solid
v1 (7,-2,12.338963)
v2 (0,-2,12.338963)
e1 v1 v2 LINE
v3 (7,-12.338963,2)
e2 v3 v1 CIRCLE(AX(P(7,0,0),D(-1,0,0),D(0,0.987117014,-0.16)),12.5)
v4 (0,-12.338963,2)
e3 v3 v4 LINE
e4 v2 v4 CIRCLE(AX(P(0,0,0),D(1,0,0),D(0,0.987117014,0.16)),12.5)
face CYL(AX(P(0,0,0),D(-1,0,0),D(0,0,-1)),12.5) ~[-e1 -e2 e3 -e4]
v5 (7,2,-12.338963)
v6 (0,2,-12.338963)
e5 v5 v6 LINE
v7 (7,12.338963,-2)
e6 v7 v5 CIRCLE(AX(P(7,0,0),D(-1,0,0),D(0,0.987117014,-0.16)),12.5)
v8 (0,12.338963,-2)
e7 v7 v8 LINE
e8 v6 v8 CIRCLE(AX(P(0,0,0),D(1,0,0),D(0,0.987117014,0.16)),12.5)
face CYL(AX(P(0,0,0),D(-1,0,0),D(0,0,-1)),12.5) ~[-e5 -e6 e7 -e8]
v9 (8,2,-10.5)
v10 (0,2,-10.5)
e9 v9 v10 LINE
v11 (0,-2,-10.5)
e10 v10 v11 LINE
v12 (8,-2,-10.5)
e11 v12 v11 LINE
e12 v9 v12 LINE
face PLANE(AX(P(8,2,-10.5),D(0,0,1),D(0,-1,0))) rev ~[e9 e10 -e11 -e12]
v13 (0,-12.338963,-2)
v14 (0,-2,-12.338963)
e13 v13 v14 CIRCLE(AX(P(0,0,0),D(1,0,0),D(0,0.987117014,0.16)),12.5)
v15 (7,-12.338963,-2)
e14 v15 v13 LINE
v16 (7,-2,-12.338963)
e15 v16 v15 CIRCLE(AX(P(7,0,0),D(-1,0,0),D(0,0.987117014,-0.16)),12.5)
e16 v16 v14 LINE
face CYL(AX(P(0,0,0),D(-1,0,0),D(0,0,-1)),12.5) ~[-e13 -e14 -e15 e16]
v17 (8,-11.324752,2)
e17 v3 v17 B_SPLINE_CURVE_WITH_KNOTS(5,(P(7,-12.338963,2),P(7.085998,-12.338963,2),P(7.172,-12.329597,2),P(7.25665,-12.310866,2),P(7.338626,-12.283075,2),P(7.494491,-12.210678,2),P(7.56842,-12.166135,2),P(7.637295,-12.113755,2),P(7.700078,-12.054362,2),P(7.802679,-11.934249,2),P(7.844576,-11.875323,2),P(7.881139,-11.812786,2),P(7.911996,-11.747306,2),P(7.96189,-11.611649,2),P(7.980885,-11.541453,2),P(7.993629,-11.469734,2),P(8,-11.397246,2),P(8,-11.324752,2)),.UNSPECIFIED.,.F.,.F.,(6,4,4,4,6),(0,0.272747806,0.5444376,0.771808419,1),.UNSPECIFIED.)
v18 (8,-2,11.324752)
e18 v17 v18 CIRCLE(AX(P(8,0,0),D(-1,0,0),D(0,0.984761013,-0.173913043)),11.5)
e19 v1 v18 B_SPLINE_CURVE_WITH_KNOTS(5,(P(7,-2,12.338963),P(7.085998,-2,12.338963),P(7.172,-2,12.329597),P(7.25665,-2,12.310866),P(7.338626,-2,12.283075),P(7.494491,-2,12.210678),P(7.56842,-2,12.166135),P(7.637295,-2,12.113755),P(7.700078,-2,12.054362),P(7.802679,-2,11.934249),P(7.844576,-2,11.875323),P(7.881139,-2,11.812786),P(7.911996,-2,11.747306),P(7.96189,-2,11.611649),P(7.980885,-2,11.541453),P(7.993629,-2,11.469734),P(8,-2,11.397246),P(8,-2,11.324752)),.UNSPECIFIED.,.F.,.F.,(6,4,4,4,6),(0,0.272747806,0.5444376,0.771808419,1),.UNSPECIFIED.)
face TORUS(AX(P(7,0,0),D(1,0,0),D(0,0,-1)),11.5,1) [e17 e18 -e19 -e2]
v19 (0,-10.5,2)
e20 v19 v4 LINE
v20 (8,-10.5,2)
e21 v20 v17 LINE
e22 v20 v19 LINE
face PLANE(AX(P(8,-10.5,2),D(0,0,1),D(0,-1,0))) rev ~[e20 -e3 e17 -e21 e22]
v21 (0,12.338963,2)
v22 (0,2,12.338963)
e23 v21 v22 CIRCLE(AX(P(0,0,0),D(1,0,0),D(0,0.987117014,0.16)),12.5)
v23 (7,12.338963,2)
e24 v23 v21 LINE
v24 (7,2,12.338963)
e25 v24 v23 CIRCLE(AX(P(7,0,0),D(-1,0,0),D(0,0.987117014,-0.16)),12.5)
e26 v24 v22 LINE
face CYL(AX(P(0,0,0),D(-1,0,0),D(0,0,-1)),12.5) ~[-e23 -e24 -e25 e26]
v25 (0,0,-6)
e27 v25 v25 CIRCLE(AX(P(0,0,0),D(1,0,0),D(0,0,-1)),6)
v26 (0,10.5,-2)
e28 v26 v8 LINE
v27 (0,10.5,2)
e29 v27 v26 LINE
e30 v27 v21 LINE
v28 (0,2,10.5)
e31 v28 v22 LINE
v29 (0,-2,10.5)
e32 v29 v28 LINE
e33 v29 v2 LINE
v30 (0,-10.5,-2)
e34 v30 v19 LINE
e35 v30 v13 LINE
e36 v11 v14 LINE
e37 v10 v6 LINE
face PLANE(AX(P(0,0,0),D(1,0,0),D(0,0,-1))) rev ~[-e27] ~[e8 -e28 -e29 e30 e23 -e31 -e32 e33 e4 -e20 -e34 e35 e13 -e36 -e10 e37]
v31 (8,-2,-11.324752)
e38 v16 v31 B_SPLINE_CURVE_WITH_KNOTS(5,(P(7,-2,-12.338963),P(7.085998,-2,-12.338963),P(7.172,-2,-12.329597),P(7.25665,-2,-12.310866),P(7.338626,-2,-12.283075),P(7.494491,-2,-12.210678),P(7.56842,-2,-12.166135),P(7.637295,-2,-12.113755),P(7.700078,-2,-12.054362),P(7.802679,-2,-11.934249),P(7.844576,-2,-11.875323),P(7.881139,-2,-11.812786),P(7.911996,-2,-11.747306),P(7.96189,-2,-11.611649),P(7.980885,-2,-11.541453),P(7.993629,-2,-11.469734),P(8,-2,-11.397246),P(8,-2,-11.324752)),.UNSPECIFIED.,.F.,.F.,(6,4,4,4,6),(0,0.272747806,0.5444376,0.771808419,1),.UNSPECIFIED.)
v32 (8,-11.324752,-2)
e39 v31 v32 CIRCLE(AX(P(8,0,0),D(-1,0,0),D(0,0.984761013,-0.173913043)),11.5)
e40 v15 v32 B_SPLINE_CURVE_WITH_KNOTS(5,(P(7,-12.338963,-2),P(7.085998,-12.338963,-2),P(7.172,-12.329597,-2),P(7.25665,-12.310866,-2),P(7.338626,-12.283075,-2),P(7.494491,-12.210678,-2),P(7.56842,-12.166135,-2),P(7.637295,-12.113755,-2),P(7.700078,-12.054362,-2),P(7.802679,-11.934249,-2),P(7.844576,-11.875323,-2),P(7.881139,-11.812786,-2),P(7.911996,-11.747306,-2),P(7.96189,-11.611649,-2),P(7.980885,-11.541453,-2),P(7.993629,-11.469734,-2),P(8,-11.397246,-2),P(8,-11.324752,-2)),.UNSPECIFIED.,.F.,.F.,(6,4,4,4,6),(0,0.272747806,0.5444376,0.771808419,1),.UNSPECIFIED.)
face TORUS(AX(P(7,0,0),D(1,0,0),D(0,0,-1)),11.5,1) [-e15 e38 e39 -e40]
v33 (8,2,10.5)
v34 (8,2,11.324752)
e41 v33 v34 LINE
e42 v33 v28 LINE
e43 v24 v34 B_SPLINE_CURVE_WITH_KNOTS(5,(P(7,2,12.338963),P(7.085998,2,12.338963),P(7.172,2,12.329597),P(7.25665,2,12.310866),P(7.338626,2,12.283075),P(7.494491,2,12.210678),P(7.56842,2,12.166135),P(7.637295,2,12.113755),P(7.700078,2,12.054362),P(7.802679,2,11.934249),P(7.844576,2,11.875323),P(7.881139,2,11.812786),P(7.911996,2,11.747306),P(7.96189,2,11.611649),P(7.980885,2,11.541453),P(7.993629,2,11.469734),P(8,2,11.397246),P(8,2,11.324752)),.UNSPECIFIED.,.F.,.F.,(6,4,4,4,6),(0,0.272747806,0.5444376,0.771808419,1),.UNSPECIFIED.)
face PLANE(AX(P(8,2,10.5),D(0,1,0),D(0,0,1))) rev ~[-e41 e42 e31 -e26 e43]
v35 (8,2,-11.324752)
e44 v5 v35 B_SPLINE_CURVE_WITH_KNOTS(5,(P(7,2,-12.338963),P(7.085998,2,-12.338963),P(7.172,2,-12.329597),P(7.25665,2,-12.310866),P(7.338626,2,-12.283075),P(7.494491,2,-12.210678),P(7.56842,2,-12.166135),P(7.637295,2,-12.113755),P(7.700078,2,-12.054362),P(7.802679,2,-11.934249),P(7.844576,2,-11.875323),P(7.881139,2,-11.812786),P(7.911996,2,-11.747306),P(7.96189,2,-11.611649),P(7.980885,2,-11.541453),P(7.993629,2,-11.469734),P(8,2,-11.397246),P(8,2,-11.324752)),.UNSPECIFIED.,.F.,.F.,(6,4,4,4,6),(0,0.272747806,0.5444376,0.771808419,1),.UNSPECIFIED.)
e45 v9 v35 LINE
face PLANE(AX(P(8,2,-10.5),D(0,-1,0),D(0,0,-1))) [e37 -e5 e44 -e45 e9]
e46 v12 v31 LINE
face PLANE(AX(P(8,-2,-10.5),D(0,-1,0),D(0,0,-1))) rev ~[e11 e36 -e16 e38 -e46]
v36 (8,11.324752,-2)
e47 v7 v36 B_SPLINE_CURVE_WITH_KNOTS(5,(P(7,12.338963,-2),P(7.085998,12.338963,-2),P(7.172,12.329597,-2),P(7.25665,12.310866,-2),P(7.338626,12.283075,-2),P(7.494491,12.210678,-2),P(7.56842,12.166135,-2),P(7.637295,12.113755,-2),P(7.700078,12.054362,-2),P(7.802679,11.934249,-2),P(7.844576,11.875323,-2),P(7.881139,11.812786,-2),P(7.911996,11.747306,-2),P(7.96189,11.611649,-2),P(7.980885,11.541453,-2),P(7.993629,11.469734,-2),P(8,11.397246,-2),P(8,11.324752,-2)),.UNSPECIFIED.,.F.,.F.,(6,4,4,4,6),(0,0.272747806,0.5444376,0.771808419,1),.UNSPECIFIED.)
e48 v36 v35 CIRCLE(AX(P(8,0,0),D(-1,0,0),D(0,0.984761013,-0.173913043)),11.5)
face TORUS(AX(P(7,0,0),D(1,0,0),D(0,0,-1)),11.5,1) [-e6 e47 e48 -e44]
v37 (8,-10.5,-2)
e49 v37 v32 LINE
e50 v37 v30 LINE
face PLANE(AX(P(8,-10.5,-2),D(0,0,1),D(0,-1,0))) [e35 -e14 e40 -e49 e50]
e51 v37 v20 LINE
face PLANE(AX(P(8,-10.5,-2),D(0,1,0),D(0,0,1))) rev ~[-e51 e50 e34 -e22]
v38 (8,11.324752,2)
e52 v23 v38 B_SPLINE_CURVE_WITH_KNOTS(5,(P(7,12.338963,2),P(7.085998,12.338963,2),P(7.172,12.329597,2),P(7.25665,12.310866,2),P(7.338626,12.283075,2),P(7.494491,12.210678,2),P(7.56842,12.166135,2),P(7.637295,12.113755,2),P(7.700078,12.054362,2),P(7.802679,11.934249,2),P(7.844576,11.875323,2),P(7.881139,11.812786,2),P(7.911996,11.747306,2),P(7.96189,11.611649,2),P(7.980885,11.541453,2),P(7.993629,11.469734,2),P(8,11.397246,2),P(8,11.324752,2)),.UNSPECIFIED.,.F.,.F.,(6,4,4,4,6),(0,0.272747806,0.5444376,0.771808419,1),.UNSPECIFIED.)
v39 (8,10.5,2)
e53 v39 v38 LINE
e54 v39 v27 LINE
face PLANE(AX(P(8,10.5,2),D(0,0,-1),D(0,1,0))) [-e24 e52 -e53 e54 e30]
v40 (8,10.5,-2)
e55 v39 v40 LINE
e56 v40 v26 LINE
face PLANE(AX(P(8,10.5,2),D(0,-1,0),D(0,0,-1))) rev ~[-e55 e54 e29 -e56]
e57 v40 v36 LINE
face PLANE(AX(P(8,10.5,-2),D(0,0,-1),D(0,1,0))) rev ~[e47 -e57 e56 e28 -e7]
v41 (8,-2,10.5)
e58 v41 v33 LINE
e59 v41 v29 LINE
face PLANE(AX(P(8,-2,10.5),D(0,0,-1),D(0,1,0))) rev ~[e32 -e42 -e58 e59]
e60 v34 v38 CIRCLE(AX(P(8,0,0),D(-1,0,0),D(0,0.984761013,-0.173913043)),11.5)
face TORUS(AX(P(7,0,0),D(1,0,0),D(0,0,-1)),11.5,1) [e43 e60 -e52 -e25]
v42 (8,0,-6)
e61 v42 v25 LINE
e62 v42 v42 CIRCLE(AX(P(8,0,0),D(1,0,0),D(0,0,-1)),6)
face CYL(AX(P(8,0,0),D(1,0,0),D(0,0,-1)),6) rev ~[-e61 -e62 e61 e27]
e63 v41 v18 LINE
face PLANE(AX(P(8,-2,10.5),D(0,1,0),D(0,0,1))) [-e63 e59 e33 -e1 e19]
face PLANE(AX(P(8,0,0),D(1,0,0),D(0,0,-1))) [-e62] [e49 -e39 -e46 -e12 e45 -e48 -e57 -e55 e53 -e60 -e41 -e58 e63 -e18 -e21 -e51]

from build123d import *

# Parameters (mm, degrees)
SKETCH1_R           = 12.5
BOSS_EXTRUDE1_DEPTH = 8
SKETCH2_R           = 6
CUT_EXTRUDE1_DEPTH  = 9
FILLET1_R           = 1
SKETCH3_W           = 4
SKETCH3_H           = 4
CUT_EXTRUDE2_DEPTH  = 9
CIRPATTERN1_COUNT   = 4


with BuildPart() as part:
    # Sketch1 → Boss-Extrude1 (new body)
    with BuildSketch(Plane(origin=(0, 0, 0), x_dir=(0, 0, -1), z_dir=(1, 0, 0))):
        Circle(SKETCH1_R)
    extrude(amount=BOSS_EXTRUDE1_DEPTH)

    # Sketch2 → Cut-Extrude1 (cut, through all)
    with BuildSketch(Plane(origin=(8, 0, 0), x_dir=(0, 0, -1), z_dir=(1, 0, 0))):
        Circle(SKETCH2_R)
    extrude(amount=-CUT_EXTRUDE1_DEPTH, mode=Mode.SUBTRACT)

    # Fillet1
    fillet1_edges = [part.edges().sort_by_distance(p)[0] for p in [
        (8, 0, 12.5),
    ]]
    fillet(fillet1_edges, radius=FILLET1_R)

    # Sketch3 → Cut-Extrude2 (cut, through all)
    with BuildSketch(Plane(origin=(8, 0, 0), x_dir=(0, 0, -1), z_dir=(1, 0, 0))):
        with Locations((0, 12.5)):
            Rectangle(SKETCH3_W, SKETCH3_H)
    cut_extrude2 = extrude(amount=-CUT_EXTRUDE2_DEPTH, mode=Mode.SUBTRACT)

    # CirPattern1: Cut-Extrude2 ×4 about axis
    cirpattern1_axis = Axis((0, 0, 0), (1, 0, 0))
    for i in range(1, CIRPATTERN1_COUNT):
        add(cut_extrude2.rotate(cirpattern1_axis, i * 360 / CIRPATTERN1_COUNT), mode=Mode.SUBTRACT)


solid = part.part
